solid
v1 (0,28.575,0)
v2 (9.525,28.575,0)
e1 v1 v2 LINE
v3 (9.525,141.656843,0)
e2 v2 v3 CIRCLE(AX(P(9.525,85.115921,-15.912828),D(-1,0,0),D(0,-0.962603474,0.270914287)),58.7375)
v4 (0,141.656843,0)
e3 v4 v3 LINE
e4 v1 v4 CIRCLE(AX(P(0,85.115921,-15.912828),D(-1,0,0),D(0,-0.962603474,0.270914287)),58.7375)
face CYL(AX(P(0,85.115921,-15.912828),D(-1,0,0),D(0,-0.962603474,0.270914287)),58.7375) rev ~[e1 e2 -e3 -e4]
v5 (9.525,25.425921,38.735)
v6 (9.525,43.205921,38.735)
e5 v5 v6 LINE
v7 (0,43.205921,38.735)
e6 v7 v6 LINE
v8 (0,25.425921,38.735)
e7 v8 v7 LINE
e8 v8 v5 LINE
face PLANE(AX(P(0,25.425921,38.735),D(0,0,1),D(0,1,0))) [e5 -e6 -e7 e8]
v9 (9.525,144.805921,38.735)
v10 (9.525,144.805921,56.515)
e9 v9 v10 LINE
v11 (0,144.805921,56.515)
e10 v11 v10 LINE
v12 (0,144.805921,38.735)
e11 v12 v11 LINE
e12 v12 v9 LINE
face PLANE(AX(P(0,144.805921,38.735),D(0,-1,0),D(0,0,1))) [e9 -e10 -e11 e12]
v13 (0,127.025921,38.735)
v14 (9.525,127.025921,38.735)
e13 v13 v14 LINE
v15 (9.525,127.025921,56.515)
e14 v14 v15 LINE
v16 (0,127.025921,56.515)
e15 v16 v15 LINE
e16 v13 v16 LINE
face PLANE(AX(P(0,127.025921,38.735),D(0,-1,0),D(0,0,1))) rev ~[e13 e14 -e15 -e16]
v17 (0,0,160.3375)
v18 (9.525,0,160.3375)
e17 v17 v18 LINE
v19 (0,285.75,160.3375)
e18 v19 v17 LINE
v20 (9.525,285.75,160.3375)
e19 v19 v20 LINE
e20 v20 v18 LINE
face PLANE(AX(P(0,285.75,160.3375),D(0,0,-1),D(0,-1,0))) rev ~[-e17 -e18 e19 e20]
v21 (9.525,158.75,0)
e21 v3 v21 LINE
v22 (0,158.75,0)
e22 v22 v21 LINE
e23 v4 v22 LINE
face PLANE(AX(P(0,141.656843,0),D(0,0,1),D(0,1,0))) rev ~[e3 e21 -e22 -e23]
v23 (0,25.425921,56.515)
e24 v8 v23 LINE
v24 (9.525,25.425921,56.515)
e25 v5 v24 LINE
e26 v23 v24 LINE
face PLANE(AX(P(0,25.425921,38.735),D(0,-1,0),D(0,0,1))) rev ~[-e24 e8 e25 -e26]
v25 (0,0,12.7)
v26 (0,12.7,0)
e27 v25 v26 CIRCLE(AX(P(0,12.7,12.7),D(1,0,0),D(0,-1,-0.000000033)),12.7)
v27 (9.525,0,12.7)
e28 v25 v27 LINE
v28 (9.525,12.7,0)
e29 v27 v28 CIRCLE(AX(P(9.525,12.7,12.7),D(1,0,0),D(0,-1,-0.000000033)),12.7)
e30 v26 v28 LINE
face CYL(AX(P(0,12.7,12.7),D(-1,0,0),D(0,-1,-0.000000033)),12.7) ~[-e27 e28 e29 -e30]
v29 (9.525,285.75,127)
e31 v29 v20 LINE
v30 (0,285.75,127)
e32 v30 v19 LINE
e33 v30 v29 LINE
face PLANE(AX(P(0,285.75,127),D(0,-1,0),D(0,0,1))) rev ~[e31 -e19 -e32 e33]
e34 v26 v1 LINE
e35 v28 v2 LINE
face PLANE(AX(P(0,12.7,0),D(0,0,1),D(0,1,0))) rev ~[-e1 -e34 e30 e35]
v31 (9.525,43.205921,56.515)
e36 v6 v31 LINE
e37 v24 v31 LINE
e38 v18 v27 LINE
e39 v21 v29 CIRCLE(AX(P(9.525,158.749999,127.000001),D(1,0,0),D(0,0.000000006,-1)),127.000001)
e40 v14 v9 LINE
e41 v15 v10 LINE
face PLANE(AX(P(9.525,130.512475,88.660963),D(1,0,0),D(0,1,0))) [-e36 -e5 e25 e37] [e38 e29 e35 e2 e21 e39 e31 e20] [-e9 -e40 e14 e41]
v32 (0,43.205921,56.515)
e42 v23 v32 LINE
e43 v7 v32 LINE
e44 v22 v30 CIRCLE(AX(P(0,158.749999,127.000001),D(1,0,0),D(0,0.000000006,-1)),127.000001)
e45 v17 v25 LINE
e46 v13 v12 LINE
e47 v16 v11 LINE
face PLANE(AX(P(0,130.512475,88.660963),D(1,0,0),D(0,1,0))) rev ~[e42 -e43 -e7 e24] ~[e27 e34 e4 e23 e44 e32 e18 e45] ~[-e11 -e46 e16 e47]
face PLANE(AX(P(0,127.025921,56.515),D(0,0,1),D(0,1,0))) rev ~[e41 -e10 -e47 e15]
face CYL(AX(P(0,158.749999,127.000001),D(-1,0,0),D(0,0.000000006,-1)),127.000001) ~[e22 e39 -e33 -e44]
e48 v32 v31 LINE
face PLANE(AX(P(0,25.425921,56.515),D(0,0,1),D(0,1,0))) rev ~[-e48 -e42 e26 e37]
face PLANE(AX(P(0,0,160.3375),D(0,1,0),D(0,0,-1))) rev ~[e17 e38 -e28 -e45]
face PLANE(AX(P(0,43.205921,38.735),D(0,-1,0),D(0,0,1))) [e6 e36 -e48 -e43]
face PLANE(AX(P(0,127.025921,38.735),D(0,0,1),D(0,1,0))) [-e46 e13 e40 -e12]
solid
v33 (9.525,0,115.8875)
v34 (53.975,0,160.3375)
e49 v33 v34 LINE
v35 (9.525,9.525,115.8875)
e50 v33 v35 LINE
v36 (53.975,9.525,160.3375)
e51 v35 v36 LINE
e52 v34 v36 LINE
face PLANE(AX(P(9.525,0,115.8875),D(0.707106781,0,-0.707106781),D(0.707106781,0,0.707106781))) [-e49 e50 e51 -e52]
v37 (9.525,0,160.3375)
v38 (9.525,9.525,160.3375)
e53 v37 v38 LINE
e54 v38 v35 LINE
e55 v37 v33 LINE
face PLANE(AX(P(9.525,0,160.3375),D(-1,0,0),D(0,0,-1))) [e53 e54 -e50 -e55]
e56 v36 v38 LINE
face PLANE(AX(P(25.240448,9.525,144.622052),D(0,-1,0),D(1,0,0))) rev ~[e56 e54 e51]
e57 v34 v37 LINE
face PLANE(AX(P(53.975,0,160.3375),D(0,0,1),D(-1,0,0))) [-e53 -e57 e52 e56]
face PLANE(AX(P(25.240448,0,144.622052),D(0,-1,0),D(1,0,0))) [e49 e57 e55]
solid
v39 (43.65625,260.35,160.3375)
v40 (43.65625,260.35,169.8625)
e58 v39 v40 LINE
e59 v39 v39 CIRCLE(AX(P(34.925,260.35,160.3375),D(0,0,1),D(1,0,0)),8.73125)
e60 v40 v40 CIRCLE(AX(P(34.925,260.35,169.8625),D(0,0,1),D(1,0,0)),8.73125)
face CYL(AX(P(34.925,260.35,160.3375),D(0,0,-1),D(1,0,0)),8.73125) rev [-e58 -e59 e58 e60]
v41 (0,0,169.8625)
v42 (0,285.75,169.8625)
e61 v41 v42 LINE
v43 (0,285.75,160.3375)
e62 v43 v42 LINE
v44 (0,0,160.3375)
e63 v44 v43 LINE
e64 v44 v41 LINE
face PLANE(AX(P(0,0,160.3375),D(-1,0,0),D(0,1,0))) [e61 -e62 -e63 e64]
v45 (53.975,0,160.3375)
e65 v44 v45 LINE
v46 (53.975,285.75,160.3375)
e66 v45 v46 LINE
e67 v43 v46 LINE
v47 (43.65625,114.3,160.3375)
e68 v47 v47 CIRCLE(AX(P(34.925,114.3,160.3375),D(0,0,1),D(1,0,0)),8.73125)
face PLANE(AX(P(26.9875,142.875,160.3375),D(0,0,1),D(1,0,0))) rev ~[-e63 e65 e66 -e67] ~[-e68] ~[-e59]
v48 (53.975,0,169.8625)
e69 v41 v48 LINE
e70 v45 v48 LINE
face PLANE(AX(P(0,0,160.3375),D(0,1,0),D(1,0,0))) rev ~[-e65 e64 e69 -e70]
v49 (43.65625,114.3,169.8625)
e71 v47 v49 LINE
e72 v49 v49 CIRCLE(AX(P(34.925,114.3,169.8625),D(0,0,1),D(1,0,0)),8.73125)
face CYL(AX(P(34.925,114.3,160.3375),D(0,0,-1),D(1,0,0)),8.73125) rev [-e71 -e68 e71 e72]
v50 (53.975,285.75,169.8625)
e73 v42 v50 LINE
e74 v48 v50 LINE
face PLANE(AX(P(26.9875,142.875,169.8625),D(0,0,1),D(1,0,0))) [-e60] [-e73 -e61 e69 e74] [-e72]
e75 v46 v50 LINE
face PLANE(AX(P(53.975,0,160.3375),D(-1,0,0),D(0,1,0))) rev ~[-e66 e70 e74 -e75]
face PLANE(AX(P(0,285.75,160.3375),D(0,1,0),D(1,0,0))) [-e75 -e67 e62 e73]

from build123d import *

# Parameters (mm, degrees)
F0_W     = 17.78
F0_H     = 17.78
F1_DEPTH = 9.525
F2_W     = 53.975
F2_H     = 285.75
F2_R     = 8.73125
F3_DEPTH = 9.525
F5_DEPTH = 9.525


with BuildPart() as f1:
    # F0 (on Right) → F1 (new body)
    with BuildSketch(Plane.YZ):
        with BuildLine():
            Line((0, 160.3375), (0, 12.7))
            ThreePointArc((0, 12.7), (3.719744, 3.719744), (12.7, 0))
            Line((12.7, 0), (28.575, 0))
            ThreePointArc((28.575, 0), (85.115921, 42.824672), (141.656843, 0))
            Line((141.656843, 0), (158.75, 0))
            ThreePointArc((158.75, 0), (248.552561, 37.197439), (285.75, 127))
            Line((285.75, 127), (285.75, 160.3375))
            Line((285.75, 160.3375), (0, 160.3375))
        make_face()
        with Locations((34.315921, 47.625)):
            Rectangle(F0_W, F0_H, mode=Mode.SUBTRACT)
        with Locations((135.915921, 47.625)):
            Rectangle(F0_W, F0_H, mode=Mode.SUBTRACT)
    extrude(amount=F1_DEPTH)


with BuildPart() as f3:
    # F2 (on face) → F3 (new body)
    with BuildSketch(Plane.XY.offset(160.3375)):
        with Locations((26.9875, 142.875)):
            Rectangle(F2_W, F2_H)
        with Locations((34.925, 114.3)):
            Circle(F2_R, mode=Mode.SUBTRACT)
        with Locations((34.925, 260.35)):
            Circle(F2_R, mode=Mode.SUBTRACT)
    extrude(amount=F3_DEPTH)


with BuildPart() as f5:
    # F4 (on face) → F5 (new body)
    with BuildSketch(Plane.XZ):
        Polygon((9.525, 160.3375), (9.525, 115.8875), (53.975, 160.3375), align=None)
    extrude(amount=-F5_DEPTH)


solid = Compound([f1.part, f3.part, f5.part])
